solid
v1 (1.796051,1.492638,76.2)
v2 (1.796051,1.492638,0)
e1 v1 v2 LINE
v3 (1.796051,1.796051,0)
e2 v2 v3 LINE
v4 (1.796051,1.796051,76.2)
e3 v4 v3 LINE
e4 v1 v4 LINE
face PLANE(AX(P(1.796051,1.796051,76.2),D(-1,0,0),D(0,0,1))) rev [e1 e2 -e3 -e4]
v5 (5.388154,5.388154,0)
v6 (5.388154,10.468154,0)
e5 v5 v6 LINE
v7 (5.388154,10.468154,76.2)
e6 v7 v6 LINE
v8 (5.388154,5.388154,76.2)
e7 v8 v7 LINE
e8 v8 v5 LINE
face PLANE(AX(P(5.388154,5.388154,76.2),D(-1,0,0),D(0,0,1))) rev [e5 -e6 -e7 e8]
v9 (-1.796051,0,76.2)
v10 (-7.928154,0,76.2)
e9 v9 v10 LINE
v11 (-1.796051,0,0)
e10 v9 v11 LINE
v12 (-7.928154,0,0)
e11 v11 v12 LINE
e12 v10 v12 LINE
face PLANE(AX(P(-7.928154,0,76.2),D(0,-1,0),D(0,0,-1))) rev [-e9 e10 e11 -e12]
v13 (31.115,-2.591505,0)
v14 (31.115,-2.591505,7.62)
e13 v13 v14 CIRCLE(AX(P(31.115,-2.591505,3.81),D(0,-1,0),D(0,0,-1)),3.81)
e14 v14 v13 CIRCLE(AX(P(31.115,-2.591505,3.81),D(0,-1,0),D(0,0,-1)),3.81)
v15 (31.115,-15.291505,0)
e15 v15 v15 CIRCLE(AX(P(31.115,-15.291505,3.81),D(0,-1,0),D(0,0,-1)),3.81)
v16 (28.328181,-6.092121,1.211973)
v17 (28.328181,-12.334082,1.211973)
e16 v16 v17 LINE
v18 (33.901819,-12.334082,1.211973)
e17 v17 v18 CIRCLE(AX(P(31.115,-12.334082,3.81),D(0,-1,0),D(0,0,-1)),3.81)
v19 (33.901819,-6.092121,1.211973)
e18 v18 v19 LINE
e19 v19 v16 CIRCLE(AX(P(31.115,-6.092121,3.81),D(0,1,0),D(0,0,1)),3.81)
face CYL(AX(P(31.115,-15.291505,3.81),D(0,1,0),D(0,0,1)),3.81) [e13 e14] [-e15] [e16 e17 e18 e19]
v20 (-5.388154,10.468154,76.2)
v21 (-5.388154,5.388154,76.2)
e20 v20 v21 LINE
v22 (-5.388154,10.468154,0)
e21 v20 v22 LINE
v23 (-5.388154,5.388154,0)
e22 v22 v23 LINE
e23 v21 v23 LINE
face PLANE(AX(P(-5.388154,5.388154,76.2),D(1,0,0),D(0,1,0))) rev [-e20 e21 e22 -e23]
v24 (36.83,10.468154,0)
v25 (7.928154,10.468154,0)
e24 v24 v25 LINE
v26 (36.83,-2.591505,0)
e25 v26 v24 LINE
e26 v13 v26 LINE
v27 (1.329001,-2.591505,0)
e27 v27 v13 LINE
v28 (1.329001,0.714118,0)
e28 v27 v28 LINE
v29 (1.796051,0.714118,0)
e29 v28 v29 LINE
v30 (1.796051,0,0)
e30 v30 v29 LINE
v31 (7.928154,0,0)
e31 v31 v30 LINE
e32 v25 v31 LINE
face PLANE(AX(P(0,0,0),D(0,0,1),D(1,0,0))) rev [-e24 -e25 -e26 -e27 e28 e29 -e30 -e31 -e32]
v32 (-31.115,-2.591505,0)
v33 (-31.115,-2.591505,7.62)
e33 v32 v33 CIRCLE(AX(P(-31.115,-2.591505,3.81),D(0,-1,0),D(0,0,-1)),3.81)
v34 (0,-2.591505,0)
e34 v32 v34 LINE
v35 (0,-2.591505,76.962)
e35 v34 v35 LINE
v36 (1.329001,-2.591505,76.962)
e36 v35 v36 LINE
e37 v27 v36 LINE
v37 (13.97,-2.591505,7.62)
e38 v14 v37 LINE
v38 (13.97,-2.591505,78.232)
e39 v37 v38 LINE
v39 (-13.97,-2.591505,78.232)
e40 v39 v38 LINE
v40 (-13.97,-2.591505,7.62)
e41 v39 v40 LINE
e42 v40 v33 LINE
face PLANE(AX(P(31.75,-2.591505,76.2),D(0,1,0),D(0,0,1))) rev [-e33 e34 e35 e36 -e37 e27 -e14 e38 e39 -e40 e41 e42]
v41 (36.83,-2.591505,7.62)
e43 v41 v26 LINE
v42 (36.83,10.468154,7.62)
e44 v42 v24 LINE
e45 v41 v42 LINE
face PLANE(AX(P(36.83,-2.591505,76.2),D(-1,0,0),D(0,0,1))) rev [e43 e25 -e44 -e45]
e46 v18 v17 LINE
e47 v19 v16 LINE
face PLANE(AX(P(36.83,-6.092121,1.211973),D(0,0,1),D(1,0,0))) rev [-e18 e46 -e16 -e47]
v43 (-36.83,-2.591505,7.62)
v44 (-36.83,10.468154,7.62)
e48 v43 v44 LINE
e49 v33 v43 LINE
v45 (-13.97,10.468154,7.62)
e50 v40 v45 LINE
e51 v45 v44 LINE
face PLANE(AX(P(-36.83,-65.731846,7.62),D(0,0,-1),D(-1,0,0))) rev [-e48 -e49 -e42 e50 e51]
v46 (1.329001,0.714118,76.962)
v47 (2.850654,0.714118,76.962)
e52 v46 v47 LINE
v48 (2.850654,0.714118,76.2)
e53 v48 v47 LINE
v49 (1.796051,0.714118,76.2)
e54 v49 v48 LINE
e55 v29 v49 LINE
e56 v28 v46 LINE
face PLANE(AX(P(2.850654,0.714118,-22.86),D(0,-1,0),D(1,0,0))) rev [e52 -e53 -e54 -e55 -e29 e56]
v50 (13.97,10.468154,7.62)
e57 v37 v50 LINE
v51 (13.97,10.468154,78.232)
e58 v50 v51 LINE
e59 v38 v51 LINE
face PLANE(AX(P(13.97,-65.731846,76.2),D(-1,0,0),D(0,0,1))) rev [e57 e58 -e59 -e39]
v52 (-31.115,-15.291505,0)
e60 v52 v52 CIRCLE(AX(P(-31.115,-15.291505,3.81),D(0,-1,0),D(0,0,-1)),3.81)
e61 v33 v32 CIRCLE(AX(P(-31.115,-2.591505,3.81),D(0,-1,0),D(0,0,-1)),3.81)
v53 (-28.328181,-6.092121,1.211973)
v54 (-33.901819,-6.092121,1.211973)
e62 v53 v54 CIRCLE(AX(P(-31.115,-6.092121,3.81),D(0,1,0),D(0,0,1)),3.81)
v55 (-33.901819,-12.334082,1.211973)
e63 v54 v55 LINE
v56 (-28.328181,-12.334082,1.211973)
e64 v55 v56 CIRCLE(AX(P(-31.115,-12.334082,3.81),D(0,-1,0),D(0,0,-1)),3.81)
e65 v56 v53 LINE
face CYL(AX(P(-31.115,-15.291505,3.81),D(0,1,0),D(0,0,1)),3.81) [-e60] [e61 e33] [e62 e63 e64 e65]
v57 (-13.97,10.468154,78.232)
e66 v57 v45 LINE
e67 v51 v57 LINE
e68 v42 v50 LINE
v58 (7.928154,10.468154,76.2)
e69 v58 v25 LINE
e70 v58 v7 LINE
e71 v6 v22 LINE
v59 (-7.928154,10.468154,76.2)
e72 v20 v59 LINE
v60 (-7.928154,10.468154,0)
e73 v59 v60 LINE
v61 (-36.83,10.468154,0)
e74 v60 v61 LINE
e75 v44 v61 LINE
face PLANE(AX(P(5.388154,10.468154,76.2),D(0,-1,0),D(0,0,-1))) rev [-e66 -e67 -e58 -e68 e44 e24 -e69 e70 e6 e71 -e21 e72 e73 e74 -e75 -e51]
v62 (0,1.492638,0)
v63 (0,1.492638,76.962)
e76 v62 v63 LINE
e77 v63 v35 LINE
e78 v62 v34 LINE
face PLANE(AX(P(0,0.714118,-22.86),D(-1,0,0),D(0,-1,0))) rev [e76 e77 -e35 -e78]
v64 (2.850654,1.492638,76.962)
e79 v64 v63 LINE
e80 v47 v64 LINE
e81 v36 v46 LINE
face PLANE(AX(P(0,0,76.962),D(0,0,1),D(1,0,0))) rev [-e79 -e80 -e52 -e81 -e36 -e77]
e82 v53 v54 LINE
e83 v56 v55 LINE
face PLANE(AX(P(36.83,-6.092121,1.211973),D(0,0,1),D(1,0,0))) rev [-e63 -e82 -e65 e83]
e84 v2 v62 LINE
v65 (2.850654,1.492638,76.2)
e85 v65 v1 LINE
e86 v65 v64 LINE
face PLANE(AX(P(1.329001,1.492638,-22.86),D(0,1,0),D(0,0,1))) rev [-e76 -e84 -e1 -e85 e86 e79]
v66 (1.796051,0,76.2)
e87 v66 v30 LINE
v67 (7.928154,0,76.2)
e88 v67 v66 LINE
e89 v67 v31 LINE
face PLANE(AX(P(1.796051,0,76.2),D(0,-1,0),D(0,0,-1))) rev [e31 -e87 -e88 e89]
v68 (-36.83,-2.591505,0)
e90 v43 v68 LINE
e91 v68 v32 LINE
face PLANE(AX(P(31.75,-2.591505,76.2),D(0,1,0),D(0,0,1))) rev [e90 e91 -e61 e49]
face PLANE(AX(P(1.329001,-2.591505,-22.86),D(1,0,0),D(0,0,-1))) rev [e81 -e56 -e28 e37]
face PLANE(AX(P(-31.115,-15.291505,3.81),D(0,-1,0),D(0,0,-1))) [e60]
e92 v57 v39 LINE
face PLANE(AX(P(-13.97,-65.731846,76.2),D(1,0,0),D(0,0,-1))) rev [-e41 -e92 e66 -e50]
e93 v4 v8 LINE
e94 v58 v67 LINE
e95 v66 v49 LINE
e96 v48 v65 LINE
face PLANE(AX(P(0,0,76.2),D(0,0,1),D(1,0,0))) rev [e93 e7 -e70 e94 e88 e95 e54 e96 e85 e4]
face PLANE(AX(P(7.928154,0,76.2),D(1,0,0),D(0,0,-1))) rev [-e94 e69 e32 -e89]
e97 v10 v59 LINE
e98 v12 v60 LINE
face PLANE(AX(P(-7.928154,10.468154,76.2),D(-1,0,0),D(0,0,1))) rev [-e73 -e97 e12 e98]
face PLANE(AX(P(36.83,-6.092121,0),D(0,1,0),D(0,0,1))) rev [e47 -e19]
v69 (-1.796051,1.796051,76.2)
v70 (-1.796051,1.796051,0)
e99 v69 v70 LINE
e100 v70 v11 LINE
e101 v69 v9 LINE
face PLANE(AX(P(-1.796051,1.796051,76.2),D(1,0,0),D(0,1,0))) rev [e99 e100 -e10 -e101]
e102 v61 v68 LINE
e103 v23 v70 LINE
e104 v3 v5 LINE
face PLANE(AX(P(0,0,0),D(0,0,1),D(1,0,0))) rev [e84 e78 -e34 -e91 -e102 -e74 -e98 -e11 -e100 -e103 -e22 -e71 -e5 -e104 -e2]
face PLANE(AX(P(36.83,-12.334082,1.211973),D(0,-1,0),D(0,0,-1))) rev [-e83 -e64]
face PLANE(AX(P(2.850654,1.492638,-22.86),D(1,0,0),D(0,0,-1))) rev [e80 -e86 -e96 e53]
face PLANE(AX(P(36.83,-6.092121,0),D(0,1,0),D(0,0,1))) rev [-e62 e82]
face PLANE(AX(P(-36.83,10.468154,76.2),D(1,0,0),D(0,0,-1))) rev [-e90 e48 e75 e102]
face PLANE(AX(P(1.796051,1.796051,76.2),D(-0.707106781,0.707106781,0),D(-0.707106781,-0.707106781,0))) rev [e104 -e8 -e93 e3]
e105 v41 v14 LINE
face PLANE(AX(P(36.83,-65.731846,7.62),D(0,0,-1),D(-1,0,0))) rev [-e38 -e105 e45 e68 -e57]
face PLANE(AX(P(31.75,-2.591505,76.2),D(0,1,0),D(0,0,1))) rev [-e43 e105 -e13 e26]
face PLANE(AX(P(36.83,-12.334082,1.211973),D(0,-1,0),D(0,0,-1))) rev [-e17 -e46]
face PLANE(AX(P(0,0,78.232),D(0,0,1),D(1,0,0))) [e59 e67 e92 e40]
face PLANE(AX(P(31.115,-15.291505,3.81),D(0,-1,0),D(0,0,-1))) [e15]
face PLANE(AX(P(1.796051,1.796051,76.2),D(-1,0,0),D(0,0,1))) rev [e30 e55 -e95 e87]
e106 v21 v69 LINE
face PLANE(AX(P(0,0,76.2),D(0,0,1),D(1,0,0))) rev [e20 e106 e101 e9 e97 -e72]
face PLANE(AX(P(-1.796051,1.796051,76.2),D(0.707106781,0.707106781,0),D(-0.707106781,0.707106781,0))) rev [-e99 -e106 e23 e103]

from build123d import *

# Parameters (mm, degrees)
BOSS_EXTRUDE1_DEPTH     = 76.2
SKETCH3_W               = 22.86
SKETCH3_H               = 68.58
CUT_EXTRUDE1_DEPTH      = 76.2
SKETCH4_W               = 27.94
SKETCH4_H               = 13.05965896
BOSS_EXTRUDE2_DEPTH     = 0.762
CUT_EXTRUDE2_DEPTH      = 99.822
SKETCH7_W               = 27.94
SKETCH7_H               = 13.05965896
BOSS_EXTRUDE3_DEPTH     = 1.27
SKETCH8_R               = 3.81
BOSS_EXTRUDE4_DEPTH     = 12.7
CUT_EXTRUDE3_DEPTH      = 116.55549125
CUT_EXTRUDE3_DEPTH_BACK = 116.55549125
SKETCH10_W              = 1.211973452
SKETCH10_H              = 6.241961148


with BuildPart() as part:
    # Sketch2 → Boss-Extrude1 (new body)
    with BuildSketch(Plane.XY):
        Polygon((-1.796051224, 1.796051224), (-5.388153673, 5.388153673), (-5.388153673, 10.468153673), (5.388153673, 10.468153673), (5.388153673, 5.388153673), (1.796051224, 1.796051224), (1.796051224, 0), (5.388153673, 0), (7.928153673, 0), (7.928153673, 10.468153673), (19.358153673, 10.468153673), (31.75, 10.468153673), (36.83, 10.468153673), (36.83, -2.591505287), (31.75, -2.591505287), (-31.75, -2.591505287), (-36.83, -2.591505287), (-36.83, 10.468153673), (-31.75, 10.468153673), (-19.358153673, 10.468153673), (-7.928153673, 10.468153673), (-7.928153673, 0), (-1.796051224, 0), align=None)
    extrude(amount=BOSS_EXTRUDE1_DEPTH)

    # Sketch3 → Cut-Extrude1 (cut)
    with BuildSketch(Plane(origin=(0, 10.468153673, 0), x_dir=(1, 0, 0), z_dir=(0, 1, 0))):
        with Locations((-25.4, -41.91)):
            Rectangle(SKETCH3_W, SKETCH3_H)
        with Locations((25.4, -41.91)):
            Rectangle(SKETCH3_W, SKETCH3_H)
    extrude(amount=-CUT_EXTRUDE1_DEPTH, mode=Mode.SUBTRACT)

    # Sketch4 → Boss-Extrude2 (add)
    with BuildSketch(Plane.XY.offset(76.2)):
        with Locations((0, 3.938324193)):
            Rectangle(SKETCH4_W, SKETCH4_H)
    extrude(amount=BOSS_EXTRUDE2_DEPTH)

    # Sketch5 → Cut-Extrude2 (cut)
    with BuildSketch(Plane.XY.offset(76.962)):
        Polygon((1.329001146, -2.591505287), (1.329001146, 0.714117771), (2.850653855, 0.714117771), (2.850653855, 1.492637762), (1.329001146, 1.492637762), (0, 1.492637762), (0, 0.714117771), (0, -2.591505287), align=None)
    extrude(amount=-CUT_EXTRUDE2_DEPTH, mode=Mode.SUBTRACT)

    # Sketch7 → Boss-Extrude3 (add)
    with BuildSketch(Plane.XY.offset(76.962)):
        with Locations((0, 3.938324193)):
            Rectangle(SKETCH7_W, SKETCH7_H)
    extrude(amount=BOSS_EXTRUDE3_DEPTH)

    # Sketch8 → Boss-Extrude4 (add)
    with BuildSketch(Plane.XZ.offset(2.591505287)):
        with Locations(Location((-31.115, 3.81, 0), (0, 0, 270))):
            Circle(SKETCH8_R)
        with Locations(Location((31.115, 3.81, 0), (0, 0, 270))):
            Circle(SKETCH8_R)
    extrude(amount=BOSS_EXTRUDE4_DEPTH)

    # Sketch10 → Cut-Extrude3 (cut, two sides: drawn at the far end of the back side and taken through both)
    with BuildSketch(Plane.ZY.offset(46.83).offset(-CUT_EXTRUDE3_DEPTH_BACK)):
        with Locations((0.605986726, -9.213101257)):
            Rectangle(SKETCH10_W, SKETCH10_H)
    extrude(amount=CUT_EXTRUDE3_DEPTH + CUT_EXTRUDE3_DEPTH_BACK, mode=Mode.SUBTRACT)


solid = part.part
